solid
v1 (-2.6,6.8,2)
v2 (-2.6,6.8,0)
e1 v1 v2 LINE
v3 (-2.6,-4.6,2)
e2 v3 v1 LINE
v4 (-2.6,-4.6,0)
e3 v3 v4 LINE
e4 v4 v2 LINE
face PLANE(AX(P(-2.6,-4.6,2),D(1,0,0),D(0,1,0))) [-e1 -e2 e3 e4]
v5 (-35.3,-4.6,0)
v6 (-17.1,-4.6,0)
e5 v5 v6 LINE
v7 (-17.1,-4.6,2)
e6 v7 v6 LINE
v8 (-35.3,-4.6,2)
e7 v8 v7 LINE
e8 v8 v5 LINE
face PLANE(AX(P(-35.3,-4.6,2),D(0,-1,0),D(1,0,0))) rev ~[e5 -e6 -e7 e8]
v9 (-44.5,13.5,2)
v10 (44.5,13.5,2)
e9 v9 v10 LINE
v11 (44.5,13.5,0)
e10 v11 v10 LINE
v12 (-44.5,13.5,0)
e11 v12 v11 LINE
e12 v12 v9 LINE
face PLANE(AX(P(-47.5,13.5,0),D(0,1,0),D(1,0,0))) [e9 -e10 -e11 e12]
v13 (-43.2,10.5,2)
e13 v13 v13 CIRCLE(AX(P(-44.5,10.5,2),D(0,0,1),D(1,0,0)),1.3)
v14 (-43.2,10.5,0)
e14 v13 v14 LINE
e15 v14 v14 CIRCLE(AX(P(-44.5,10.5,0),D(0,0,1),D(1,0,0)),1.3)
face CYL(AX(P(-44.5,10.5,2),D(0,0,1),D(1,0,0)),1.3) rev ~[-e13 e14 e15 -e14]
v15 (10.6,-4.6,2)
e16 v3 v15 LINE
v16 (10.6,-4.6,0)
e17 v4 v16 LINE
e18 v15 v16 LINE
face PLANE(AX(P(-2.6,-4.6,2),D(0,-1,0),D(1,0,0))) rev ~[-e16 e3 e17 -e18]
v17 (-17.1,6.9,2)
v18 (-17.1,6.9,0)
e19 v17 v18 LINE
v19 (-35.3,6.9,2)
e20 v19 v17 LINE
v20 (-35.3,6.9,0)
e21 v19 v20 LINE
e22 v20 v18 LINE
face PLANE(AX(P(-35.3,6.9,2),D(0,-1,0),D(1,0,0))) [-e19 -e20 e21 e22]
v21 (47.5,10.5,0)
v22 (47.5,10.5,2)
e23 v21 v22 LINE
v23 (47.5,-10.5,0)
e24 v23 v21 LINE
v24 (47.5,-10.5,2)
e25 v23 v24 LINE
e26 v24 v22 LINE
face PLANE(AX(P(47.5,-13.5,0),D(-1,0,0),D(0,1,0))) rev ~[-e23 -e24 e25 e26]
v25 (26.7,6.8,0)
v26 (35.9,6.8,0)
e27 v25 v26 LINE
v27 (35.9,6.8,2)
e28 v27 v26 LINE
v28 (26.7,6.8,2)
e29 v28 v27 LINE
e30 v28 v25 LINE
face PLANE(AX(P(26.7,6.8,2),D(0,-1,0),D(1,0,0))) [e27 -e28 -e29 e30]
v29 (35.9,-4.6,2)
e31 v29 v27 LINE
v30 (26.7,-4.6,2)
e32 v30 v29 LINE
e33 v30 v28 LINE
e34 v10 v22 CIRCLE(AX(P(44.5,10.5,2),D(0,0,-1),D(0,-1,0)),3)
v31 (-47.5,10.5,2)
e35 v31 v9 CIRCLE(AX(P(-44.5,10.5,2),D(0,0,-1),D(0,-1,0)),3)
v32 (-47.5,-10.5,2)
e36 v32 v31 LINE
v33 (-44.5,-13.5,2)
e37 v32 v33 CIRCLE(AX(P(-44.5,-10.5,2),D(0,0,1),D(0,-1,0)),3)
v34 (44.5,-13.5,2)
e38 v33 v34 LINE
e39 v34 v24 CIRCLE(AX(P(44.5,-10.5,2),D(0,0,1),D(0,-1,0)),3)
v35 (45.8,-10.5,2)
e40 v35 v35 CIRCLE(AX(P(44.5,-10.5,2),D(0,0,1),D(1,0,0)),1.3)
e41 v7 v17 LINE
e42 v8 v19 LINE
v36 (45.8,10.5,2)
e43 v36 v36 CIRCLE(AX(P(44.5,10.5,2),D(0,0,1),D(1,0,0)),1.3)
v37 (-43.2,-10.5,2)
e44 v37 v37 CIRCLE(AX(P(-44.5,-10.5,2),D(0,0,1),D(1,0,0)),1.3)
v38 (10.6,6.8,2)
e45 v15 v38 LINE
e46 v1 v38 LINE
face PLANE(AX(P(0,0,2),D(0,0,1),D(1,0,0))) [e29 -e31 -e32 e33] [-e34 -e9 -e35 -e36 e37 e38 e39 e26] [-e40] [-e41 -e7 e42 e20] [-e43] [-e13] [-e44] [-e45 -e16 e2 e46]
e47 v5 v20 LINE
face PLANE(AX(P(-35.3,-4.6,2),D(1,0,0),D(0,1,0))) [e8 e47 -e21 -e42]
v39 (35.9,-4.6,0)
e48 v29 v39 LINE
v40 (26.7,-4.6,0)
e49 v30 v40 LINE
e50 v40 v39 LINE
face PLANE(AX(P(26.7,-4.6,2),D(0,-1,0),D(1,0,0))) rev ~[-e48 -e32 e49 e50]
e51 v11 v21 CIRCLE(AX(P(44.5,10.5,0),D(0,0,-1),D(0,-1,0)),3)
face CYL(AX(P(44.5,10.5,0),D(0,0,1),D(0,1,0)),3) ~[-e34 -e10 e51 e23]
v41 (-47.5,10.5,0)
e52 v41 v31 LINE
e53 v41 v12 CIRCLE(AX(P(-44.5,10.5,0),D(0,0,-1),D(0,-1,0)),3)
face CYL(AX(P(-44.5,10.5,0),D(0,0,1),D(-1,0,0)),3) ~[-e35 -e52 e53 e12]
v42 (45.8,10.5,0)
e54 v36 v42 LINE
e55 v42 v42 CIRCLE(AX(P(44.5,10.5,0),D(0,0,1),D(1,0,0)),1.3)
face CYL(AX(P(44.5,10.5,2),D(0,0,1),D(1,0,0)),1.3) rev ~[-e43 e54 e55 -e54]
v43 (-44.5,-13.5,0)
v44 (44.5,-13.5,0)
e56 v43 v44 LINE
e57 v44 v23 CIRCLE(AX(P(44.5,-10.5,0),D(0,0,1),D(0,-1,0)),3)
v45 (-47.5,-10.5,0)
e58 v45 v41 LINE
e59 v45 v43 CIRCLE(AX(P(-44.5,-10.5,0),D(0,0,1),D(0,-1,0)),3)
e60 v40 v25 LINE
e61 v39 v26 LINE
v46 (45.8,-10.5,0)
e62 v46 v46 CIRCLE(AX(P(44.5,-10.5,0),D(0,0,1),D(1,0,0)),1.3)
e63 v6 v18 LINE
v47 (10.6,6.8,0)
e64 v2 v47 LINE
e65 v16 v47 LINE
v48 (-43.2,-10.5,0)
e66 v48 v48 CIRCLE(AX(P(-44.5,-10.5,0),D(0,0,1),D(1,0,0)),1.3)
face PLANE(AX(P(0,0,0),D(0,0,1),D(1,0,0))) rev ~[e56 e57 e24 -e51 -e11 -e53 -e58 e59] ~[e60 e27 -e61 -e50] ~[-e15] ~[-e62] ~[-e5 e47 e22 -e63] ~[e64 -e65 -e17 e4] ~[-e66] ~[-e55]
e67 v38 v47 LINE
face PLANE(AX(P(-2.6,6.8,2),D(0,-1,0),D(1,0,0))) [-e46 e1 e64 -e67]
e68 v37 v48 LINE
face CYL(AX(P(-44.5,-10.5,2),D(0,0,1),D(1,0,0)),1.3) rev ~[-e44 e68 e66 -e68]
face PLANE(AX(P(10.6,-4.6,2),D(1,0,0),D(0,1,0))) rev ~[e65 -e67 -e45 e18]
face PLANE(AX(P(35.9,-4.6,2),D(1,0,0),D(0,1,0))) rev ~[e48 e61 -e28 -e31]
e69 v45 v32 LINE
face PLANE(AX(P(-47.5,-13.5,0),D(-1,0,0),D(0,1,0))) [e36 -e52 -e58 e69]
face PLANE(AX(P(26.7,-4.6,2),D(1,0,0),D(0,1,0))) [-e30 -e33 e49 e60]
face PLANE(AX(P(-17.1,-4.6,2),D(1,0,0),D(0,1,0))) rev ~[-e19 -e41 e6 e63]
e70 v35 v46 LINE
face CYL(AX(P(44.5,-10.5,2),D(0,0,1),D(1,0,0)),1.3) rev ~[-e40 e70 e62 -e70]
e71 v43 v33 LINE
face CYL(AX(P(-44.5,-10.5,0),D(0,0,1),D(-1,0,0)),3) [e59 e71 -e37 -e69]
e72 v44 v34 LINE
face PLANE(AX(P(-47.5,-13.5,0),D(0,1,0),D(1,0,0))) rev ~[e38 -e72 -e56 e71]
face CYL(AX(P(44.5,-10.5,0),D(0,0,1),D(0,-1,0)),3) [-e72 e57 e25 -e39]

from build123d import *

# Parameters (mm, degrees)
SKETCH_W        = 95
SKETCH_H        = 27
PAD_DEPTH       = 2
SKETCH001_R     = 1.3
POCKET_DEPTH    = 2
FILLET_R        = 3
SKETCH002_W     = 9.2
SKETCH002_H     = 11.4
POCKET001_DEPTH = 2
SKETCH003_W     = 13.2
SKETCH003_H     = 11.4
SKETCH003_W_2   = 18.2
SKETCH003_H_2   = 11.5
POCKET002_DEPTH = 2


with BuildPart() as part:
    # Sketch → Pad (new body)
    with BuildSketch(Plane.XY):
        Rectangle(SKETCH_W, SKETCH_H)
    extrude(amount=PAD_DEPTH)

    # Sketch001 (on Face6 of Pad) → Pocket (cut)
    with BuildSketch(Plane.XY.offset(2)):
        with Locations((-44.5, 10.5)):
            Circle(SKETCH001_R)
        with Locations((44.5, 10.5)):
            Circle(SKETCH001_R)
        with Locations((44.5, -10.5)):
            Circle(SKETCH001_R)
        with Locations((-44.5, -10.5)):
            Circle(SKETCH001_R)
    extrude(amount=-POCKET_DEPTH, mode=Mode.SUBTRACT)

    # Fillet
    fillet_edges = [part.edges().sort_by_distance(p)[0] for p in [
        (-47.5, -13.5, 1),
        (47.5, -13.5, 1),
        (47.5, 13.5, 1),
        (-47.5, 13.5, 1),
    ]]
    fillet(fillet_edges, radius=FILLET_R)

    # Sketch002 (on Face5 of Fillet) → Pocket001 (cut)
    with BuildSketch(Plane.XY.offset(2)):
        with Locations((31.3, 1.1)):
            Rectangle(SKETCH002_W, SKETCH002_H)
    extrude(amount=-POCKET001_DEPTH, mode=Mode.SUBTRACT)

    # Sketch003 (on Face5 of Pocket001) → Pocket002 (cut)
    with BuildSketch(Plane.XY.offset(2)):
        with Locations((4, 1.1)):
            Rectangle(SKETCH003_W, SKETCH003_H)
        with Locations((-26.2, 1.15)):
            Rectangle(SKETCH003_W_2, SKETCH003_H_2)
    extrude(amount=-POCKET002_DEPTH, mode=Mode.SUBTRACT)


solid = part.part
